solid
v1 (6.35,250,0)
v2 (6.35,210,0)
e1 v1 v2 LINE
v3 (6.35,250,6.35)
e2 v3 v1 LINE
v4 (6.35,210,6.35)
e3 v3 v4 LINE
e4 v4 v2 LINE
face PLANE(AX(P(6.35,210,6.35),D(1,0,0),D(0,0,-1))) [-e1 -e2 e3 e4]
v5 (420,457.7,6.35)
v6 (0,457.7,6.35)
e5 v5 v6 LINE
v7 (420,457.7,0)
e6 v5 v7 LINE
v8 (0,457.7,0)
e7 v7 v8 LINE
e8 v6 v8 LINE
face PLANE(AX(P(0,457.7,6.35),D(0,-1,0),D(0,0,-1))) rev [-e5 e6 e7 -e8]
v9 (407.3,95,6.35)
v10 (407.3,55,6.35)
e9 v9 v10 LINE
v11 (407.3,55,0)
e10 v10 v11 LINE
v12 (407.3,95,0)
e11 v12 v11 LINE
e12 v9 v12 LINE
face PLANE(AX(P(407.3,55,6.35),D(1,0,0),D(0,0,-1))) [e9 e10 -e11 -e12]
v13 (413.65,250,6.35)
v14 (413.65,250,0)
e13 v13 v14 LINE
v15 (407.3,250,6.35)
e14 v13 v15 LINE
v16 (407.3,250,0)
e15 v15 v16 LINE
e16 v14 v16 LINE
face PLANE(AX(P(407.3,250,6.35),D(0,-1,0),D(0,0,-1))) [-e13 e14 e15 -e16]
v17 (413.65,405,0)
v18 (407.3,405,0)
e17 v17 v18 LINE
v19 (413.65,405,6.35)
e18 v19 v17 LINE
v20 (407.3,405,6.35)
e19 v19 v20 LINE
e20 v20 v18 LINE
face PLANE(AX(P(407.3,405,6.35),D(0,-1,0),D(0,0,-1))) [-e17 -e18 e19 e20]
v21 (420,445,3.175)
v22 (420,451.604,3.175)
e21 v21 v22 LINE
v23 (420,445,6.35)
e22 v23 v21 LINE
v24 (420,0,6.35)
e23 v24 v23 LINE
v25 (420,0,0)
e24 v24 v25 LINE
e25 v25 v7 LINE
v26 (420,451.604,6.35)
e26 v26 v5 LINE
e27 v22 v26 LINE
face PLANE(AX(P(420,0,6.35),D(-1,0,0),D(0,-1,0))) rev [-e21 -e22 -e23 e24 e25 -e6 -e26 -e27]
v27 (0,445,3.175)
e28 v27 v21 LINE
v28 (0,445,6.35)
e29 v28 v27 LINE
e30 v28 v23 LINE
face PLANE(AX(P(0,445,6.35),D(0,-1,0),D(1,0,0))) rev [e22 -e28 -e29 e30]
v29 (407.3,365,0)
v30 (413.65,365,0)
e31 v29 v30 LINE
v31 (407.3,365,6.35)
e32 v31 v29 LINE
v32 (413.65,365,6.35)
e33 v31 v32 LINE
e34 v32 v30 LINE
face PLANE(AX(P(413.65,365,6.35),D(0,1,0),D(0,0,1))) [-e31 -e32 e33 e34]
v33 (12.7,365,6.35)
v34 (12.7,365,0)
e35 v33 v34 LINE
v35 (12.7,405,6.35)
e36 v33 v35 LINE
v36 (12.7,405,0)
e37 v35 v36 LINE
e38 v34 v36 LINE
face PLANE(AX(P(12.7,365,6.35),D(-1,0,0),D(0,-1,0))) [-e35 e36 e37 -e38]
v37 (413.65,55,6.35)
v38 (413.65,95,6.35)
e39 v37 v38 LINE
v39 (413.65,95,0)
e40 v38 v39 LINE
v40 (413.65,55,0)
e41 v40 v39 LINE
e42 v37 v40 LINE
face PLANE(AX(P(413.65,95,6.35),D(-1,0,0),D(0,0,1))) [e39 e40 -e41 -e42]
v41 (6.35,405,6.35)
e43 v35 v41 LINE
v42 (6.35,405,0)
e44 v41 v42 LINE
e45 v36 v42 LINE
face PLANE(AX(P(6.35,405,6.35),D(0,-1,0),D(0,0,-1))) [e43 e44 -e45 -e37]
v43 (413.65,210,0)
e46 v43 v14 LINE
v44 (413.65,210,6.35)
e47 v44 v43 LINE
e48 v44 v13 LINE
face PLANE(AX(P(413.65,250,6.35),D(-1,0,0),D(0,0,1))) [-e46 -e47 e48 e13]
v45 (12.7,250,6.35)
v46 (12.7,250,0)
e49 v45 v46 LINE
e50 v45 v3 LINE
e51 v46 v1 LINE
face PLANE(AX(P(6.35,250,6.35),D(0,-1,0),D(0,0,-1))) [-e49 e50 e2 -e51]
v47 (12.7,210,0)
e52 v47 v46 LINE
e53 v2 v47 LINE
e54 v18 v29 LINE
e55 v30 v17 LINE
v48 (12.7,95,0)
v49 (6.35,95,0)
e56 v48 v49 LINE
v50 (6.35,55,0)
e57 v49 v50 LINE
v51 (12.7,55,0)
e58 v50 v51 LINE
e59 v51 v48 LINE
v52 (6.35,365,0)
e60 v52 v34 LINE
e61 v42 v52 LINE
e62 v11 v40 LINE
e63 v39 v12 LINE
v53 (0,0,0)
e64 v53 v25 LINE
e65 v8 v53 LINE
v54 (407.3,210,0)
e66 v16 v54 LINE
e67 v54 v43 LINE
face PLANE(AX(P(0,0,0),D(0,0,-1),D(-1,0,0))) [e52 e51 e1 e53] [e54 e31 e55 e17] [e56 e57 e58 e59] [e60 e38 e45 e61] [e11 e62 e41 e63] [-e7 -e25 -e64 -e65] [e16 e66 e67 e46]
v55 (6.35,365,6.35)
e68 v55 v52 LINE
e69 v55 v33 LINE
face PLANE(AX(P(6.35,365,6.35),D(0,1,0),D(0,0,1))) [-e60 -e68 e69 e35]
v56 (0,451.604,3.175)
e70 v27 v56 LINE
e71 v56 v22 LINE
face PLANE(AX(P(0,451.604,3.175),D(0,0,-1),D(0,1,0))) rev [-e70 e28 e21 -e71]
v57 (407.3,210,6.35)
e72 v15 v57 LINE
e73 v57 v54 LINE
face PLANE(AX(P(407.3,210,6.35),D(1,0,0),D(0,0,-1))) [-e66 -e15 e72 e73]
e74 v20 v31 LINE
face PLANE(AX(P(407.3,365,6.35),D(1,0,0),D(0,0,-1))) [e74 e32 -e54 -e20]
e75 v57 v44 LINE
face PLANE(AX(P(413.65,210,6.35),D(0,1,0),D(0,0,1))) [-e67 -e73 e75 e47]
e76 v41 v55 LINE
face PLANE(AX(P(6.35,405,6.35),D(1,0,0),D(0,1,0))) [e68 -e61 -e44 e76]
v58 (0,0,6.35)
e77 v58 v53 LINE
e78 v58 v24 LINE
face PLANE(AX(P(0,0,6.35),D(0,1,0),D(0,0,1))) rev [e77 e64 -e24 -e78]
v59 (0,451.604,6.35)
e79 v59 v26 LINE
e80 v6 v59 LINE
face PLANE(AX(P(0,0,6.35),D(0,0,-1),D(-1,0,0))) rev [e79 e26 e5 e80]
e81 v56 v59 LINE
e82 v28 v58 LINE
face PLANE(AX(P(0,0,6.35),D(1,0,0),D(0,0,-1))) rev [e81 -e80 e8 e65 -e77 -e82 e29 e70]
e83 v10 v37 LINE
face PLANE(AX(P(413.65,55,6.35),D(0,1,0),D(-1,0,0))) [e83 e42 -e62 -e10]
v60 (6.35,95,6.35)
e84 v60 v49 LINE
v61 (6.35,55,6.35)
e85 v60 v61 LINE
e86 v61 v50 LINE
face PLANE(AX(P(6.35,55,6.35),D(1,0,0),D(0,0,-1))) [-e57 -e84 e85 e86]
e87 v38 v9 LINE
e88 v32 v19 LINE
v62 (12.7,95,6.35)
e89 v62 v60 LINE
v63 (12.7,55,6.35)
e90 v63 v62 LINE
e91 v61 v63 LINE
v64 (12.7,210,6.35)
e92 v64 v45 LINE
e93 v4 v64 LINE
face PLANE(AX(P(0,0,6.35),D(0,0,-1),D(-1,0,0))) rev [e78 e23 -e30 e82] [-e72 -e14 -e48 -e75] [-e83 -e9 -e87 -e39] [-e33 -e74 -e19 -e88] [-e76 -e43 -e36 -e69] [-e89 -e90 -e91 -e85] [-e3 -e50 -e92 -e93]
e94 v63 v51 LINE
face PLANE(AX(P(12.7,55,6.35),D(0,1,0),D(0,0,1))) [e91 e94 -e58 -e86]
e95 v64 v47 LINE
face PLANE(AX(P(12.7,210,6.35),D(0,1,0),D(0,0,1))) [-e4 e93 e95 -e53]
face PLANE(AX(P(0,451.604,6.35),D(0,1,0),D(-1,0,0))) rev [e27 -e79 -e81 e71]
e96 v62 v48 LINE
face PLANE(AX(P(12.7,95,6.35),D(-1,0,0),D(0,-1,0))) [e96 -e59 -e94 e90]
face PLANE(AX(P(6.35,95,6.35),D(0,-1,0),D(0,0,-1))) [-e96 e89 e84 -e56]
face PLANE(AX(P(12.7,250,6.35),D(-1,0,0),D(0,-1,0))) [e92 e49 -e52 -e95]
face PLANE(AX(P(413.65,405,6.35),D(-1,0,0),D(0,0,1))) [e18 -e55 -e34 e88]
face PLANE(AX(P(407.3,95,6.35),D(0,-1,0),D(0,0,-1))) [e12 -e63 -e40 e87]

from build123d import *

# Parameters (mm, degrees)
SKETCH1_W           = 6.35
SKETCH1_H           = 40
BOSS_EXTRUDE1_DEPTH = 6.35
SKETCH2_W           = 3.175
SKETCH2_H           = 6.604
CUT_EXTRUDE1_DEPTH  = 622.232333753


with BuildPart() as part:
    # Sketch1 → Boss-Extrude1 (new body)
    with BuildSketch(Plane.XY):
        Polygon((0, 0), (420, 0), (420, 457.7), (413.65, 457.7), (407.3, 457.7), (12.7, 457.7), (6.35, 457.7), (0, 457.7), align=None)
        with Locations((9.525, 385)):
            Rectangle(SKETCH1_W, SKETCH1_H, mode=Mode.SUBTRACT)
        with Locations((410.475, 385)):
            Rectangle(SKETCH1_W, SKETCH1_H, mode=Mode.SUBTRACT)
        with Locations((9.525, 230)):
            Rectangle(SKETCH1_W, SKETCH1_H, mode=Mode.SUBTRACT)
        with Locations((410.475, 230)):
            Rectangle(SKETCH1_W, SKETCH1_H, mode=Mode.SUBTRACT)
        with Locations((410.475, 75)):
            Rectangle(SKETCH1_W, SKETCH1_H, mode=Mode.SUBTRACT)
        with Locations((9.525, 75)):
            Rectangle(SKETCH1_W, SKETCH1_H, mode=Mode.SUBTRACT)
    extrude(amount=BOSS_EXTRUDE1_DEPTH)

    # Sketch2 → Cut-Extrude1 (cut, through all)
    with BuildSketch(Plane(origin=(420, 0, 0), x_dir=(0, 0, -1), z_dir=(1, 0, 0))):
        with Locations((-4.7625, 448.302)):
            Rectangle(SKETCH2_W, SKETCH2_H)
    extrude(amount=-CUT_EXTRUDE1_DEPTH, mode=Mode.SUBTRACT)


solid = part.part
